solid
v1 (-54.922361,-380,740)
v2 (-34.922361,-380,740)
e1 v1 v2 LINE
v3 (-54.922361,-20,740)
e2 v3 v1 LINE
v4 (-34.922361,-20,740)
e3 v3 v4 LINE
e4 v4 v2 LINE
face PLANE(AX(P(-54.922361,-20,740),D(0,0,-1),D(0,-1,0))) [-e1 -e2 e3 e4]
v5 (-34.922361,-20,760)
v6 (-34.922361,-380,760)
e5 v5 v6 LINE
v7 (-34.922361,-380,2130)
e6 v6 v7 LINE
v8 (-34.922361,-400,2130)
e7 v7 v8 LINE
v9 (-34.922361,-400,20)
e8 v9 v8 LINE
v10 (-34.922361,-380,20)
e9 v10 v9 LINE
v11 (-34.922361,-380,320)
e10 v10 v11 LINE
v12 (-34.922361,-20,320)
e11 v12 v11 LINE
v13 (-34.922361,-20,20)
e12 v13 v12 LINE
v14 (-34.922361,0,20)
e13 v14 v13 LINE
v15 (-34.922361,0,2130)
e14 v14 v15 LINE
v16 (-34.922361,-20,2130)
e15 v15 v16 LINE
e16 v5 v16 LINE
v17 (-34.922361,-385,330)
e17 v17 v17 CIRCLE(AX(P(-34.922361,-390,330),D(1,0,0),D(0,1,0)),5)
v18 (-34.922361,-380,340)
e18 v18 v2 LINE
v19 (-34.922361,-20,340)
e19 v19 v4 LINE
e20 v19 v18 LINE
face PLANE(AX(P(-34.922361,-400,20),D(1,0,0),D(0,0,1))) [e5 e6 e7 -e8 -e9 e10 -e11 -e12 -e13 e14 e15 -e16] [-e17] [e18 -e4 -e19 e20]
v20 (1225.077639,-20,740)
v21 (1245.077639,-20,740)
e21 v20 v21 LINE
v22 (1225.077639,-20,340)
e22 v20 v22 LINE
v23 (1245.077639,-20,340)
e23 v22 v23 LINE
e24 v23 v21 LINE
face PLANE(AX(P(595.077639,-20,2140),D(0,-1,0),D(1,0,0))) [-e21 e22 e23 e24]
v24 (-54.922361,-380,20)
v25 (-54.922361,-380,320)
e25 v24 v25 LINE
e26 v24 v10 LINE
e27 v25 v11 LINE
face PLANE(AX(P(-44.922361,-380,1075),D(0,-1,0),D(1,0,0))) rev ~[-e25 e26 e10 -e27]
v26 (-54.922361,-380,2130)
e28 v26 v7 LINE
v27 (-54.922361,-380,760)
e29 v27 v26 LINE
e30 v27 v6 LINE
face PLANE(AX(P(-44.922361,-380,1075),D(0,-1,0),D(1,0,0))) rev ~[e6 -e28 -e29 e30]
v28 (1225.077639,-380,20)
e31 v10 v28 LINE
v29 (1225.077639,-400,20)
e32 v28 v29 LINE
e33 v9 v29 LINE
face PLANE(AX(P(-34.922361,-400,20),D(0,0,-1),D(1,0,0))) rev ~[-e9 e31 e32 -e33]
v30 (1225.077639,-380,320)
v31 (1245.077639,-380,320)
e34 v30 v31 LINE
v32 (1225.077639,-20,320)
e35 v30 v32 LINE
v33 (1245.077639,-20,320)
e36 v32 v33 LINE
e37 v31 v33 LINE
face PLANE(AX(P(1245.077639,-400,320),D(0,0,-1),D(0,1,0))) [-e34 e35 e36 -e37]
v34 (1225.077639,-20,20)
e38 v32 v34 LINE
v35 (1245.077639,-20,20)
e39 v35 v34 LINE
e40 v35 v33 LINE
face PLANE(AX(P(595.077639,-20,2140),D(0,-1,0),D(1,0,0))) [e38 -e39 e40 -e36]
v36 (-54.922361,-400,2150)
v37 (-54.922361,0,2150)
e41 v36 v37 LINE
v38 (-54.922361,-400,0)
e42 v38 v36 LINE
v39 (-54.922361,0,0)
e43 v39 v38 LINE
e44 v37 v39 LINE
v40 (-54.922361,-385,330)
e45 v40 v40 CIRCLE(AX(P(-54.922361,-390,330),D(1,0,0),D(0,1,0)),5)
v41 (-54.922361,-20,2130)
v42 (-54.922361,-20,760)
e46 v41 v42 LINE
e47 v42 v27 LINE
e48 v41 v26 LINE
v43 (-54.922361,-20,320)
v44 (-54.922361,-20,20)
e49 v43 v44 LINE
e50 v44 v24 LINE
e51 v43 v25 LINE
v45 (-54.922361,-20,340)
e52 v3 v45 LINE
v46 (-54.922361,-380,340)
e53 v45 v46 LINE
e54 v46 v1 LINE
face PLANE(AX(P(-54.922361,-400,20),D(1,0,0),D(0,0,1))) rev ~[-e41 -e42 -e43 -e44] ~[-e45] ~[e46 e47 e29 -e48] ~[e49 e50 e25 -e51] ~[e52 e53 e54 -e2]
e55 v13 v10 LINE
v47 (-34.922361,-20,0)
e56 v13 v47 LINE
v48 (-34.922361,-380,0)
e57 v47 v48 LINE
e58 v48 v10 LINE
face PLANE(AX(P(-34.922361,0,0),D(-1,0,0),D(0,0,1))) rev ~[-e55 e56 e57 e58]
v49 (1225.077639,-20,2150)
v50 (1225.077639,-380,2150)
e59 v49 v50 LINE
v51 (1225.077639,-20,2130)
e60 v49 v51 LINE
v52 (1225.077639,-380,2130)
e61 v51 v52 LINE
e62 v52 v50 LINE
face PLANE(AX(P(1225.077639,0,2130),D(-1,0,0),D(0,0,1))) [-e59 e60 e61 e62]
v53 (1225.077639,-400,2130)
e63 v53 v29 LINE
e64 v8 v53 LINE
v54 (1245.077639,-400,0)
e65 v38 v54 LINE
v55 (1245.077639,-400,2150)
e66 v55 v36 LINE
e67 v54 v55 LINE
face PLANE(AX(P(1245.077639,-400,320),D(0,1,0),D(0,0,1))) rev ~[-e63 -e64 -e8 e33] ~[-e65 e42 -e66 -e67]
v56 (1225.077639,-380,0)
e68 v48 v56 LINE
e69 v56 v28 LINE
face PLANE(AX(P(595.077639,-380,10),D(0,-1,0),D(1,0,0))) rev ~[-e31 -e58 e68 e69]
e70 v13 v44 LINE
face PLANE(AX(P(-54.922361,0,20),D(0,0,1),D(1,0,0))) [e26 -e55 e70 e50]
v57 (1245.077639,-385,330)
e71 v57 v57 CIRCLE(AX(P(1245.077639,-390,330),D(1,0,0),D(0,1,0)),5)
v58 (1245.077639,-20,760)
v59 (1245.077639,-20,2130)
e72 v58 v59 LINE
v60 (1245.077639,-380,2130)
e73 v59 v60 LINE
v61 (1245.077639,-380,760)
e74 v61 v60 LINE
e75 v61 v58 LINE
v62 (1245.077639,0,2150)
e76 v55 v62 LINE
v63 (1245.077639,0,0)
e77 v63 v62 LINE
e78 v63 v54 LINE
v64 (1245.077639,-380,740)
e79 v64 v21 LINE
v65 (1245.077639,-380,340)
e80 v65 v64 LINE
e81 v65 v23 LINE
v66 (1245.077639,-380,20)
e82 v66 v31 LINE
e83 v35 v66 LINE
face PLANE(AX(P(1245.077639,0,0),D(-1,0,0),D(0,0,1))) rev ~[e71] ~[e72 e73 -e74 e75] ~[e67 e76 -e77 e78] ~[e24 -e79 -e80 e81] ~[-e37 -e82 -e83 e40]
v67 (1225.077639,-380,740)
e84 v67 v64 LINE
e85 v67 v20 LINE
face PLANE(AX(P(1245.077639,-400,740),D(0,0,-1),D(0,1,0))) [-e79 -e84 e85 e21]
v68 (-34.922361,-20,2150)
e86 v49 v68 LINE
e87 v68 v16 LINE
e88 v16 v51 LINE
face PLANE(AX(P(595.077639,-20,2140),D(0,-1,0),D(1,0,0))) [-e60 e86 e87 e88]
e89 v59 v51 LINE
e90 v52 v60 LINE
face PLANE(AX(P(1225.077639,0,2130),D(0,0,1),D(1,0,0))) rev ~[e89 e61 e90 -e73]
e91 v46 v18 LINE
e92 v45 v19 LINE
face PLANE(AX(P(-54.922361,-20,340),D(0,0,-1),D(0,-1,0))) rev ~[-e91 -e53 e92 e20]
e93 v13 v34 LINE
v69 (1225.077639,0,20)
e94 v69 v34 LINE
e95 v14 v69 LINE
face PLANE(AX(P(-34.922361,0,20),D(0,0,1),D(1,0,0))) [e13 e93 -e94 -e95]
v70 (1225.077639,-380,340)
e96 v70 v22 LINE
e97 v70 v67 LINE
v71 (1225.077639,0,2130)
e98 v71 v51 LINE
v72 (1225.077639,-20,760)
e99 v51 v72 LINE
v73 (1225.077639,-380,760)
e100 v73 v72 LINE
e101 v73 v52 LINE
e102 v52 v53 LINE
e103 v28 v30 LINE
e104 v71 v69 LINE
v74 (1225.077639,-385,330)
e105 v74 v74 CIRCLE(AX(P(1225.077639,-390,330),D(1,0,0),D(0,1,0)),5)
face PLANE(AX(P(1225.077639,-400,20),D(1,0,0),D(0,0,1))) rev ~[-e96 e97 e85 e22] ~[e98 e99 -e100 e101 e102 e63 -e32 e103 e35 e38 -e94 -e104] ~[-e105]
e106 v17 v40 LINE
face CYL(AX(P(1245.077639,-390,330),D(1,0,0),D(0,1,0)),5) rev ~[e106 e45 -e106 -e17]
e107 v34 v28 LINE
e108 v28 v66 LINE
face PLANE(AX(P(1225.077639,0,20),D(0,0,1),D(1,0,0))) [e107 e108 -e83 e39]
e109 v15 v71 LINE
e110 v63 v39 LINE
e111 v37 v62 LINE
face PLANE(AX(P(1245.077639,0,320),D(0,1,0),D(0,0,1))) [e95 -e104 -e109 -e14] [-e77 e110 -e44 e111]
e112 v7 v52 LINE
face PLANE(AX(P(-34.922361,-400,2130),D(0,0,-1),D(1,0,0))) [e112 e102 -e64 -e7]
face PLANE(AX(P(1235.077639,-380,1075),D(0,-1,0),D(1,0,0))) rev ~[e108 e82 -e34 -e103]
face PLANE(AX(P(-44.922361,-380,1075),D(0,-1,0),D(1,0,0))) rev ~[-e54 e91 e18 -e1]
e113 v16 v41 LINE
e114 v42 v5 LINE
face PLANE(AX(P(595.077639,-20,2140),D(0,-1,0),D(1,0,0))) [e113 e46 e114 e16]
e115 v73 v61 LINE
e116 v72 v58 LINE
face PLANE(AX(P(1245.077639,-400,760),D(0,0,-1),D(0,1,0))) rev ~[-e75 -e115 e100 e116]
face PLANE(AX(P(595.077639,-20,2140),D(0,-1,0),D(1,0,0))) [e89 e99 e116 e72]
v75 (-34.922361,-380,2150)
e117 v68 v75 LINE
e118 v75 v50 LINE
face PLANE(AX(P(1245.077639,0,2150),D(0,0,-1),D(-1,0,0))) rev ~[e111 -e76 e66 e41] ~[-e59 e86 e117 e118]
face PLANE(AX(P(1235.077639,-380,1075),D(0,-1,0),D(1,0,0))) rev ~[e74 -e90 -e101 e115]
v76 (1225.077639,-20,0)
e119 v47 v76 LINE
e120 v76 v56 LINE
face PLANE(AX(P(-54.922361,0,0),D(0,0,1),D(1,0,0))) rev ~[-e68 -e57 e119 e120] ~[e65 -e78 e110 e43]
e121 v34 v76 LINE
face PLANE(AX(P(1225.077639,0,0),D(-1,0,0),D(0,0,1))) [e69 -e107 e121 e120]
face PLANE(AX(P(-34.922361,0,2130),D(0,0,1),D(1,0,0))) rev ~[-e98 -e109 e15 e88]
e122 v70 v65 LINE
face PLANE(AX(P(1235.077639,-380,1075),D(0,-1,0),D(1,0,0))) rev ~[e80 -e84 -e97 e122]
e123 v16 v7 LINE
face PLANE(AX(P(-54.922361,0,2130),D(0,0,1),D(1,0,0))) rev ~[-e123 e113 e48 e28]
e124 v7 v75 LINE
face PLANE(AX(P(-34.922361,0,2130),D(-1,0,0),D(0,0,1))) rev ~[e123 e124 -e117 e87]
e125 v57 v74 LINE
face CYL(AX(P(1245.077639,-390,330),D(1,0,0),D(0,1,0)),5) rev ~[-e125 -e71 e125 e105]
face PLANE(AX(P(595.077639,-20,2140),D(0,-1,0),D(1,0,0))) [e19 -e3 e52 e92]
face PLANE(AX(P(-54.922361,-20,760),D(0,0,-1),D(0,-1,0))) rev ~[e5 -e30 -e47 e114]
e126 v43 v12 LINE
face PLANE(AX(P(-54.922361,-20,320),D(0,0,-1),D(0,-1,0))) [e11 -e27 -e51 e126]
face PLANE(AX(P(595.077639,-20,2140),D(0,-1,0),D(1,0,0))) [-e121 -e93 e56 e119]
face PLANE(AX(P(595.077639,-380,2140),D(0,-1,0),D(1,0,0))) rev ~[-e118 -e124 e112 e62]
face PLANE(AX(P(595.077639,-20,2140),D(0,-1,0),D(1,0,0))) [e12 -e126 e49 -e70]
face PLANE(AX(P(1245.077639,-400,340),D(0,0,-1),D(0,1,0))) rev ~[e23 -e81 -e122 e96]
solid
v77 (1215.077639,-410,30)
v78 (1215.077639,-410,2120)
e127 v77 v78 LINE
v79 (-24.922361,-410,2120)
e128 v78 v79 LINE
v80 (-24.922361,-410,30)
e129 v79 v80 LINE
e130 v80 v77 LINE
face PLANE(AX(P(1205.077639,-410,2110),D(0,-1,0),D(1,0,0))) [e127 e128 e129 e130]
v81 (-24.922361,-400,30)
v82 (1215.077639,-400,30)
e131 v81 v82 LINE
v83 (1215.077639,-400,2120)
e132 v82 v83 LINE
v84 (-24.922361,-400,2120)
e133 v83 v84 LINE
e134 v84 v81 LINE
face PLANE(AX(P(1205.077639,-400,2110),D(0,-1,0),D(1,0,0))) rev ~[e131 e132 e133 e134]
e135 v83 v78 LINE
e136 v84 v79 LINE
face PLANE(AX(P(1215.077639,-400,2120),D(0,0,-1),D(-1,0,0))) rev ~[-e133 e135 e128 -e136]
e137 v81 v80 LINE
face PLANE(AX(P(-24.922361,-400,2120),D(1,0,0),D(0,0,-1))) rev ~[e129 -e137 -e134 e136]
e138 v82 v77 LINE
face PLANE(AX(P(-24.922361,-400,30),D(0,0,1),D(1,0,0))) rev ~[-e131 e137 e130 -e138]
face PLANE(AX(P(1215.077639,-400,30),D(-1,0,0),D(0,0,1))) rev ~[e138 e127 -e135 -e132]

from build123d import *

# Parameters (mm, degrees)
F0_W      = 1260
F0_H      = 20
F0_W_2    = 20
F0_H_2    = 2110
F1_DEPTH  = 20
F2_DEPTH  = 400
F3_W      = 20
F3_H      = 2110
F3_W_2    = 1260
F3_H_2    = 20
F4_DEPTH  = 20
F5_W      = 400
F5_H      = 20
F6_DEPTH  = 20
F7_DEPTH  = 20
F8_W      = 360
F8_H      = 20
F9_DEPTH  = 20
F10_R     = 5
F11_DEPTH = 1300.001
F12_W     = 20
F12_H     = 20
F12_W_2   = 1200
F12_H_2   = 2050
F13_DEPTH = 10


with BuildPart() as f1:
    # F0 (on Front) → F1 (new body)
    with BuildSketch(Plane.XZ):
        with Locations((595.0776390731, 2140)):
            Rectangle(F0_W, F0_H)
        with Locations((-44.9223609269, 2140)):
            Rectangle(F0_W_2, F0_H)
        with Locations((-44.9223609269, 1075)):
            Rectangle(F0_W_2, F0_H_2)
        with Locations((1235.0776390731, 2140)):
            Rectangle(F0_W_2, F0_H)
        with Locations((1235.0776390731, 1075)):
            Rectangle(F0_W_2, F0_H_2)
        with Locations((1235.0776390731, 10)):
            Rectangle(F0_W_2, F0_H)
        with Locations((595.0776390731, 10)):
            Rectangle(F0_W, F0_H)
        with Locations((-44.9223609269, 10)):
            Rectangle(F0_W_2, F0_H)
    extrude(amount=F1_DEPTH)

    # F0 (on Front) → F2 (join)
    with BuildSketch(Plane.XZ):
        with Locations((-44.9223609269, 10)):
            Rectangle(F0_W_2, F0_H)
        with Locations((1235.0776390731, 10)):
            Rectangle(F0_W_2, F0_H)
        with Locations((-44.9223609269, 2140)):
            Rectangle(F0_W_2, F0_H)
        with Locations((1235.0776390731, 2140)):
            Rectangle(F0_W_2, F0_H)
    extrude(amount=F2_DEPTH)

    # F3 (on face) → F4 (join)
    with BuildSketch(Plane.XZ.offset(400)):
        with Locations((-44.9223609269, 1075)):
            Rectangle(F3_W, F3_H)
        with Locations((595.0776390731, 10)):
            Rectangle(F3_W_2, F3_H_2)
        with Locations((1235.0776390731, 1075)):
            Rectangle(F3_W, F3_H)
        with Locations((595.0776390731, 2140)):
            Rectangle(F3_W_2, F3_H_2)
    extrude(amount=-F4_DEPTH)

    # F5 (on face) → F6 (join)
    with BuildSketch(Plane.YZ.offset(1245.0776390731)):
        with Locations((-200, 330)):
            Rectangle(F5_W, F5_H)
        with Locations((-200, 750)):
            Rectangle(F5_W, F5_H)
    extrude(amount=-F6_DEPTH)

    # F5 (on face) → F7 (join)
    with BuildSketch(Plane.YZ.offset(1245.0776390731)):
        with Locations((-200, 330)):
            Rectangle(F5_W, F5_H)
        with Locations((-200, 750)):
            Rectangle(F5_W, F5_H)
    extrude(amount=-F7_DEPTH)

    # F8 (on face) → F9 (join)
    with BuildSketch(Plane(origin=(-54.9223609269, 0, 0), x_dir=(0, -1, 0), z_dir=(-1, 0, 0))):
        with Locations((200, 750)):
            Rectangle(F8_W, F8_H)
        with Locations((200, 330)):
            Rectangle(F8_W, F8_H)
    extrude(amount=-F9_DEPTH)

    # F10 (on face) → F11 (cut, through all)
    with BuildSketch(Plane.YZ.offset(1245.0776390731)):
        with Locations((-390, 330)):
            Circle(F10_R)
    extrude(amount=-F11_DEPTH, mode=Mode.SUBTRACT)


with BuildPart() as f13:
    # F12 (on face) → F13 (new body)
    with BuildSketch(Plane.XZ.offset(400)):
        with Locations((1205.0776390731, 2110)):
            Rectangle(F12_W, F12_H)
        with Locations((595.0776390731, 2110)):
            Rectangle(F12_W_2, F12_H)
        with Locations((1205.0776390731, 1075)):
            Rectangle(F12_W, F12_H_2)
        with Locations((-14.9223609269, 2110)):
            Rectangle(F12_W, F12_H)
        with Locations((1205.0776390731, 40)):
            Rectangle(F12_W, F12_H)
        with Locations((-14.9223609269, 1075)):
            Rectangle(F12_W, F12_H_2)
        with Locations((595.0776390731, 40)):
            Rectangle(F12_W_2, F12_H)
        with Locations((-14.9223609269, 40)):
            Rectangle(F12_W, F12_H)
        with Locations((595.0776390731, 1075)):
            Rectangle(F12_W_2, F12_H_2)
    extrude(amount=F13_DEPTH)


solid = Compound([f1.part, f13.part])
